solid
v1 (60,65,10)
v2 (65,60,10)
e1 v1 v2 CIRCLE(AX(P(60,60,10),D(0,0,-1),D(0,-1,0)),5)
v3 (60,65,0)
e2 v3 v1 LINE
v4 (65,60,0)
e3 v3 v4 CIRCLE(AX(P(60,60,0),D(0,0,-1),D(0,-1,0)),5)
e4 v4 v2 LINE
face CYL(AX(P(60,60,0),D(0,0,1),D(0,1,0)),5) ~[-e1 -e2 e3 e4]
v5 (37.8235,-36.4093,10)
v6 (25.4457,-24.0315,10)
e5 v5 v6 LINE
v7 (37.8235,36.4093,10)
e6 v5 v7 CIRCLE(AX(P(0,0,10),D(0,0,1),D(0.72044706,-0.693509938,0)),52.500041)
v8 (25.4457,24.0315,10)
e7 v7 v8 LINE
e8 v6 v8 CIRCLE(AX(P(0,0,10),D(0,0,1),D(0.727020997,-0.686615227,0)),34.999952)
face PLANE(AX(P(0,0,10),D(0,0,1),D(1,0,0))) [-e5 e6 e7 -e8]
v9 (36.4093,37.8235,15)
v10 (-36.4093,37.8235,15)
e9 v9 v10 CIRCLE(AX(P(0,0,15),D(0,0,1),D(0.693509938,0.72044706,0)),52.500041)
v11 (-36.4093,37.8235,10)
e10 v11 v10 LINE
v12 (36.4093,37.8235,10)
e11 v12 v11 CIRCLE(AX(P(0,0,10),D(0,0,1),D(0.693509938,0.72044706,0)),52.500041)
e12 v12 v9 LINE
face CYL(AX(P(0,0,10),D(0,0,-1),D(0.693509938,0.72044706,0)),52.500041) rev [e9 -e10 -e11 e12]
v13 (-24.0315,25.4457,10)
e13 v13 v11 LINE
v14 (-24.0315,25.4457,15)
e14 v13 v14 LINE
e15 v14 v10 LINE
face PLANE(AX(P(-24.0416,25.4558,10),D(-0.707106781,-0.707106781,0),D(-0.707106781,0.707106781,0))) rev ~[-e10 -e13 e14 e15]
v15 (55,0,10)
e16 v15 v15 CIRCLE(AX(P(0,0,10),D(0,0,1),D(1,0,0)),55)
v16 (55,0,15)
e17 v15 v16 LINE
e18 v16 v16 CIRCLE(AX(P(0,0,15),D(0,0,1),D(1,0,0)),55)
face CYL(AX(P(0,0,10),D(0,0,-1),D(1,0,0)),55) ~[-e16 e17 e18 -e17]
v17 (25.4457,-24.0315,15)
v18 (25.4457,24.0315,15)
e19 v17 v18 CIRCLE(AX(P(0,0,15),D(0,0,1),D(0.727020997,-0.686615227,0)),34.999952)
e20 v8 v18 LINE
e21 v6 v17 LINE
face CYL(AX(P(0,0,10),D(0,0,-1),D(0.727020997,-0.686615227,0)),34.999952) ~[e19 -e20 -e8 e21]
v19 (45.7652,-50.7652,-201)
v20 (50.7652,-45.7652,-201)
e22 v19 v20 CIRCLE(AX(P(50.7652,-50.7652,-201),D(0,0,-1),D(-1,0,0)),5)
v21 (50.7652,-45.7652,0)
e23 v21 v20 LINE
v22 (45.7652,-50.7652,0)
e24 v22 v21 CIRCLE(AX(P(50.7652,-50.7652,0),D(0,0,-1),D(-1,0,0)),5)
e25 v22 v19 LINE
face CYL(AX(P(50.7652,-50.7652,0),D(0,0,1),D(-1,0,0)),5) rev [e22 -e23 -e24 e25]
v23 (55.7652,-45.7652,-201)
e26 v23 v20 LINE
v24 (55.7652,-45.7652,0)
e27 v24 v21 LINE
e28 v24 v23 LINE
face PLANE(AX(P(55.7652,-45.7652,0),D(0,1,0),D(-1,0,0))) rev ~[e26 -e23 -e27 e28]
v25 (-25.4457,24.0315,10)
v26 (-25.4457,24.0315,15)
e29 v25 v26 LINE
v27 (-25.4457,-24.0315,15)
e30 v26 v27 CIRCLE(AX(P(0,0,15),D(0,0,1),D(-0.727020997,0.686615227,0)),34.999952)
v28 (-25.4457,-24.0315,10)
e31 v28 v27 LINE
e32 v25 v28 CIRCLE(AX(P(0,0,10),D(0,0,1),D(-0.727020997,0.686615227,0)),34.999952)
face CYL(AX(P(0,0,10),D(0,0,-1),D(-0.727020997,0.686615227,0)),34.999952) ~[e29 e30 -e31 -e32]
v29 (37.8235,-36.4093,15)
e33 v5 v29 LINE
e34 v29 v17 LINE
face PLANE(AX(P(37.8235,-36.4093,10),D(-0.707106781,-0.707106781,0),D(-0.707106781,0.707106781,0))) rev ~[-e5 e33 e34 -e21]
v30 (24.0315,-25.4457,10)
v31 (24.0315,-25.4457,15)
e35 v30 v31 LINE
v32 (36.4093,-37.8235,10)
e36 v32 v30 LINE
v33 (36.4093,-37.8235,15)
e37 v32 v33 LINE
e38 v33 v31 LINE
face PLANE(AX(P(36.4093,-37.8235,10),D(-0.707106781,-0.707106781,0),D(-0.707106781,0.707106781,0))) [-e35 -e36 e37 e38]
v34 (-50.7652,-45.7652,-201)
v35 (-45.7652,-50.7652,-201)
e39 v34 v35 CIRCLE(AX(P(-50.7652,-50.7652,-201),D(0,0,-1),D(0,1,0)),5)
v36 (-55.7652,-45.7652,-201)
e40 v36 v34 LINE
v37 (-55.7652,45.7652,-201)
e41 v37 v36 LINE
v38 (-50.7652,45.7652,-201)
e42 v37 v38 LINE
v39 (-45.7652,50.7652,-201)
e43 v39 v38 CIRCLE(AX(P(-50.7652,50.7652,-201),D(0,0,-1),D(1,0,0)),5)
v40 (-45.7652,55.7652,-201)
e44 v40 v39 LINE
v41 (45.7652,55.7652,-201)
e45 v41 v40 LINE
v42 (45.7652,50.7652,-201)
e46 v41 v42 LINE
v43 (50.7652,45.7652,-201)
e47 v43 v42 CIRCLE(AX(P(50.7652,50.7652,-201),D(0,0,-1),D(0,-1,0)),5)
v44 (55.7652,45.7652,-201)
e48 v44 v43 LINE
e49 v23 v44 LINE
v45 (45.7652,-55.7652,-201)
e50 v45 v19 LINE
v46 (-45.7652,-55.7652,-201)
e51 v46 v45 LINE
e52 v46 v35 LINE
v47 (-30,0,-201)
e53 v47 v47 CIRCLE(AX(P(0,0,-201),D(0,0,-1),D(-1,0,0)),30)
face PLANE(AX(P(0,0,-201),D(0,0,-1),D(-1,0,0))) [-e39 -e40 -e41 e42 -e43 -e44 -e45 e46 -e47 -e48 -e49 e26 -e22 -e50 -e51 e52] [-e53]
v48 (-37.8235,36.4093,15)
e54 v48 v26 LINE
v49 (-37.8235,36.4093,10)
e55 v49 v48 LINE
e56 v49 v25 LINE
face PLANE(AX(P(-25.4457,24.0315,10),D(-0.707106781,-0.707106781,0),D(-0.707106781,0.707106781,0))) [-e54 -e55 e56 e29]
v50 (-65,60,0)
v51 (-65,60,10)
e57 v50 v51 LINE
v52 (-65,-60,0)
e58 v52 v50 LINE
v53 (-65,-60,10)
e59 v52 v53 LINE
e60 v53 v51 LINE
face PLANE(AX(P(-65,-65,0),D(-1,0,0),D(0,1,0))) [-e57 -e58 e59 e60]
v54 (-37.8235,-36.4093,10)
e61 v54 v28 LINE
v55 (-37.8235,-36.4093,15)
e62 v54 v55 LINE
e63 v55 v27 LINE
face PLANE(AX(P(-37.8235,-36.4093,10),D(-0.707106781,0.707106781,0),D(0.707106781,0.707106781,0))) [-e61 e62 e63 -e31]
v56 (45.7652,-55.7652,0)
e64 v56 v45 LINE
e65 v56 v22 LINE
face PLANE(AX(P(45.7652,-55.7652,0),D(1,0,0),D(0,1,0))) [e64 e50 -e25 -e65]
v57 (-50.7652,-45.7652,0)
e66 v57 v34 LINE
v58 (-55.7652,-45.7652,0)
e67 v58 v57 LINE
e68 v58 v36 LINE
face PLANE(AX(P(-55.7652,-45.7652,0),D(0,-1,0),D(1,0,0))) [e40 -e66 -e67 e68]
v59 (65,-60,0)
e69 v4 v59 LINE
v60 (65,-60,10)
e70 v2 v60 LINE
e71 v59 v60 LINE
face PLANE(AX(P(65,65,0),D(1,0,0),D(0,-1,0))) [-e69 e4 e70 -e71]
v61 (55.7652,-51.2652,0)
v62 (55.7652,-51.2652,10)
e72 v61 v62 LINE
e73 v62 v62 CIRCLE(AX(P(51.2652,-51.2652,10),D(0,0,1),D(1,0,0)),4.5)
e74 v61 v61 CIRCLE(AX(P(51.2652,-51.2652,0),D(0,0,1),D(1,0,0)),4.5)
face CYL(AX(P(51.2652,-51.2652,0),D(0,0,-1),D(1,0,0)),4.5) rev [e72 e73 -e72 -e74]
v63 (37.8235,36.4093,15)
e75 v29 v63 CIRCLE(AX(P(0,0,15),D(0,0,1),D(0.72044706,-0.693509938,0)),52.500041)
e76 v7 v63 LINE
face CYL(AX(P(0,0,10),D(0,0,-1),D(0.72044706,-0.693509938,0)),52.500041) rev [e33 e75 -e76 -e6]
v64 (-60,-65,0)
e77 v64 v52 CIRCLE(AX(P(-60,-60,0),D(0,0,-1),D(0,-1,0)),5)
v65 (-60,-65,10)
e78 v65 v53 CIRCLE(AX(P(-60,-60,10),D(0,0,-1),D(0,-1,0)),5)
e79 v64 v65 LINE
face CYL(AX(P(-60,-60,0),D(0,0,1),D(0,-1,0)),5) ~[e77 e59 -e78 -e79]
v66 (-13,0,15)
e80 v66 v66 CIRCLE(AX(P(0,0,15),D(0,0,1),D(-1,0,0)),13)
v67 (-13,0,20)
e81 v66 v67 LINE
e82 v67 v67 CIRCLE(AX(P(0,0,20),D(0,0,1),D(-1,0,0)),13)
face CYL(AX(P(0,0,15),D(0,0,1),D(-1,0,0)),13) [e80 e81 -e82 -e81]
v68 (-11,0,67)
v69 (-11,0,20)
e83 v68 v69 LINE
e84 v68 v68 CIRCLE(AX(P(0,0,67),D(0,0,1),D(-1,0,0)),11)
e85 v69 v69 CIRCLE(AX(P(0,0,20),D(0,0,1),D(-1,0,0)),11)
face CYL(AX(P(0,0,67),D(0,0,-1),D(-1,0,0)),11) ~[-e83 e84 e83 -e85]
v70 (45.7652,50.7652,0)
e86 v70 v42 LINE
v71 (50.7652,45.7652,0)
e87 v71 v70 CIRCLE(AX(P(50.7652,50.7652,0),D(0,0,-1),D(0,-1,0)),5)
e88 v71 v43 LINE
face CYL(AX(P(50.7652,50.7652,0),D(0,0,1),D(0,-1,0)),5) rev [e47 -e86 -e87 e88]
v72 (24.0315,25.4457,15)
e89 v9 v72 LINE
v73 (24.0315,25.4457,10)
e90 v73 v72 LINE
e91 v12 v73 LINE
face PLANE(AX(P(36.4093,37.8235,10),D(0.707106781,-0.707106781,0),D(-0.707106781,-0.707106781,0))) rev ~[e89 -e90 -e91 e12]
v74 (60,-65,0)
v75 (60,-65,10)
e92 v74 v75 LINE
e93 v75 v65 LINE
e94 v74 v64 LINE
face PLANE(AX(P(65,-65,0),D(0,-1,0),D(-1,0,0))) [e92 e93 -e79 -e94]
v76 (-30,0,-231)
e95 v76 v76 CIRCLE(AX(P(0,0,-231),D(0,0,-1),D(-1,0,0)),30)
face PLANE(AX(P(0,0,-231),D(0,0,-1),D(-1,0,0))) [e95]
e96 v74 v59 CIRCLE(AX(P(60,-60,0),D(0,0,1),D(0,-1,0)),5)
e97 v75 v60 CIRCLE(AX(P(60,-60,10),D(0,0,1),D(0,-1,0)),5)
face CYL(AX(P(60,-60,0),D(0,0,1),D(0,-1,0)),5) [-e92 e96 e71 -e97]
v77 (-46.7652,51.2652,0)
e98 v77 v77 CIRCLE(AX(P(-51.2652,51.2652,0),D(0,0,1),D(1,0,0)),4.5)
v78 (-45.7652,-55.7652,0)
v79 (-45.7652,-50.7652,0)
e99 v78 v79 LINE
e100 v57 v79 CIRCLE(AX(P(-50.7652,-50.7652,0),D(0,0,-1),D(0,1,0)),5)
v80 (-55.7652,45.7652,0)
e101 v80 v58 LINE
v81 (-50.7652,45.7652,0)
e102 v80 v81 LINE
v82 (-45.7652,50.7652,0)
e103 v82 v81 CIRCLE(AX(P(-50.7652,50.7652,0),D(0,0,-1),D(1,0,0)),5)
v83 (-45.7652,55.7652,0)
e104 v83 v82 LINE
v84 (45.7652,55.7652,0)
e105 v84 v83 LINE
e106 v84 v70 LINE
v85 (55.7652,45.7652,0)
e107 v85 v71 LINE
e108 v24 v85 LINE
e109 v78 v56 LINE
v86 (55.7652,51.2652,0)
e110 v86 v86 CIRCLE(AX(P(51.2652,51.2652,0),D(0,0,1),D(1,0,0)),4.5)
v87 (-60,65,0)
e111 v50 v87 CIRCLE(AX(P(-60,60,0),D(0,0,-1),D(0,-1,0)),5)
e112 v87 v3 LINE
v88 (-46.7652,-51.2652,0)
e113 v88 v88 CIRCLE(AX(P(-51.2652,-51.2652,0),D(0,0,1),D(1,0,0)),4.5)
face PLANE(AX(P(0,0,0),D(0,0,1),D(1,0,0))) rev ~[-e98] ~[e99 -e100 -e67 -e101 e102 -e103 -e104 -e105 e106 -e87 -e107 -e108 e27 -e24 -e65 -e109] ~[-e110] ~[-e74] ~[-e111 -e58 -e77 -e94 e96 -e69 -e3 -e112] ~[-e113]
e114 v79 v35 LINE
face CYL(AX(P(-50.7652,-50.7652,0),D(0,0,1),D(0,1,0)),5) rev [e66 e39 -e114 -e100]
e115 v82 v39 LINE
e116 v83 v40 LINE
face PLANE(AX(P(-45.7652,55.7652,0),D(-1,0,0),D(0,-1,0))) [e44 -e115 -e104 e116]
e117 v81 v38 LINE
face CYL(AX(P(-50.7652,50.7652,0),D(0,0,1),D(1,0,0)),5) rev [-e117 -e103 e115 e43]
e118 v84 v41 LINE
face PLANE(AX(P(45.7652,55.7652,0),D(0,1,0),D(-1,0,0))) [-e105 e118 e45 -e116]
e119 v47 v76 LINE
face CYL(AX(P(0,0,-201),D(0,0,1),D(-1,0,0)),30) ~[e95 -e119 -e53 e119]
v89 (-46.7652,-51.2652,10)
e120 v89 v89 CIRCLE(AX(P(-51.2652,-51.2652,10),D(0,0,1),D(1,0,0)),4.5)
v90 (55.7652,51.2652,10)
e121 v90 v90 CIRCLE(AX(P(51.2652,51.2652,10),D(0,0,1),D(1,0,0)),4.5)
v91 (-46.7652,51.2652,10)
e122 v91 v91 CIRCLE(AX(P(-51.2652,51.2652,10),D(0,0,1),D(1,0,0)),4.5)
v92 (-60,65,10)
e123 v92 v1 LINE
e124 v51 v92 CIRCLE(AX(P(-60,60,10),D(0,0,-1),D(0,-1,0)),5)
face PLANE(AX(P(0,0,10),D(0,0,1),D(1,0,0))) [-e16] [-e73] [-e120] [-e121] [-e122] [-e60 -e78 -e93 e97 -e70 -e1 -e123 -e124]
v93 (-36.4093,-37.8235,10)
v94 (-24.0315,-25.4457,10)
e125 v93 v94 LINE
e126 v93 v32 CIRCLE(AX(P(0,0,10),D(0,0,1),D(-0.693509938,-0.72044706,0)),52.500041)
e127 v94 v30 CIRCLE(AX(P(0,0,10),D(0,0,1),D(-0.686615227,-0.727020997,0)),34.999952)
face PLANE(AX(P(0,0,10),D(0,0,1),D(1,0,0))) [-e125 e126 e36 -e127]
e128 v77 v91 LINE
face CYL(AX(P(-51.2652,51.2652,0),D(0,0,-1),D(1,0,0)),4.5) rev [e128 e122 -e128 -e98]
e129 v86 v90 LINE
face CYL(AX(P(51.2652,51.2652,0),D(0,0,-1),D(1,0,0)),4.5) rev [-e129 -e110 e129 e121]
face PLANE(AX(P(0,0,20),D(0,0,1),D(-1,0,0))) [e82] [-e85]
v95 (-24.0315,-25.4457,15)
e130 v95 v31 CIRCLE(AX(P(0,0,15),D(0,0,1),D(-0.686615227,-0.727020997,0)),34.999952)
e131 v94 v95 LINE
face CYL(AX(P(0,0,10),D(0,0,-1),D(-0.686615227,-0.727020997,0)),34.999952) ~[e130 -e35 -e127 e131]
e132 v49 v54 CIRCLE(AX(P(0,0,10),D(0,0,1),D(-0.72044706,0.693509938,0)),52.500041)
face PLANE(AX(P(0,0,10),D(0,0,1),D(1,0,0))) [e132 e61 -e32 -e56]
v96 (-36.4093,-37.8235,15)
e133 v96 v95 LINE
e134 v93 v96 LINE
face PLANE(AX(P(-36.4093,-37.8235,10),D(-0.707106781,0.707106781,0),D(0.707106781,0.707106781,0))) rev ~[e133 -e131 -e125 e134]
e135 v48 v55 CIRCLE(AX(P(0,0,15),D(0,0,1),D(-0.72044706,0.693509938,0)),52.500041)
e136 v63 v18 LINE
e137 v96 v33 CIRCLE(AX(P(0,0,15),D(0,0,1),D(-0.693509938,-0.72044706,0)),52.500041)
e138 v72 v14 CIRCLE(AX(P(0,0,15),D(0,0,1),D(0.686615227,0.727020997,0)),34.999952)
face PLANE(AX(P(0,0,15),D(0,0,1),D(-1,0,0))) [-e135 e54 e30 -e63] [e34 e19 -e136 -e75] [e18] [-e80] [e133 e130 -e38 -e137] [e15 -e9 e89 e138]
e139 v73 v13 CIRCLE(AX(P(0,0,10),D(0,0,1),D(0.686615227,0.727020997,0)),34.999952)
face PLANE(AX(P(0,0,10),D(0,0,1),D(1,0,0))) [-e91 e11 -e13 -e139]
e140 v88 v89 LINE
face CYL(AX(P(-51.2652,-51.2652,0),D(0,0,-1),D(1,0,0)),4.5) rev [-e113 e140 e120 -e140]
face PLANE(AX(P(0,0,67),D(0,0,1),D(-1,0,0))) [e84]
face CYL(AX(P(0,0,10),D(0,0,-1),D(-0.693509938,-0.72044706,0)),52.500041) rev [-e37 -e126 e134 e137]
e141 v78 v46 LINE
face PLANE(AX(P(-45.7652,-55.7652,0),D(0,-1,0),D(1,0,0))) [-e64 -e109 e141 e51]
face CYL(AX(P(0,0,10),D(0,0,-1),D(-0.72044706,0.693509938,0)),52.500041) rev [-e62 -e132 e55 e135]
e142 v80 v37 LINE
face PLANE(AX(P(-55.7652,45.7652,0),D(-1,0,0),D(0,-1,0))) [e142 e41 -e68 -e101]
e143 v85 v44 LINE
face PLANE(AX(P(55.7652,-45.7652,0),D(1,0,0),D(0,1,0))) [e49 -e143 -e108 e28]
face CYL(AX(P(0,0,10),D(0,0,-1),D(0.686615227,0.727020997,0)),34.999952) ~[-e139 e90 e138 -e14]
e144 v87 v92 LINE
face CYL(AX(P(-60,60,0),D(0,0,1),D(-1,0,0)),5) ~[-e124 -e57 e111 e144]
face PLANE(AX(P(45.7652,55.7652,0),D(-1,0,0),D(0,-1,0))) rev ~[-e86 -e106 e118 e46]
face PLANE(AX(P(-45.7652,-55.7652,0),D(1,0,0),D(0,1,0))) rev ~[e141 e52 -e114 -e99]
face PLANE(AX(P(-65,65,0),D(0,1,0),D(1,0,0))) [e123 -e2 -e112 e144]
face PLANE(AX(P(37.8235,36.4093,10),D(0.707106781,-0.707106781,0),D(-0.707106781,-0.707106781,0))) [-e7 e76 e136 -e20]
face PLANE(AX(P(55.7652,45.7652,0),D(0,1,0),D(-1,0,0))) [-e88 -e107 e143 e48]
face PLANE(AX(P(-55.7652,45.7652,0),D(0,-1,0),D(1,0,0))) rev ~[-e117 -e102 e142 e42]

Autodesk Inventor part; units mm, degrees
ref_plane "YZ Plane" through (0, 0, 0) normal (1, 0, 0) x (0, 1, 0)
ref_plane "XZ Plane" through (0, 0, 0) normal (0, 1, 0) x (-1, 0, 0)
ref_plane "XY Plane" through (0, 0, 0) normal (0, 0, 1) x (1, 0, 0)
sketch "Sketch1" plane through (0, 0, 0) normal (0, 0, 1) x (1, 0, 0)
  line L0 (65, -65) -> (-65, -65)
  line L1 (-65, -65) -> (-65, 65)
  line L2 (-65, 65) -> (65, 65)
  line L3 (65, 65) -> (65, -65)
  line L4 (65, -65) -> (-65, 65) construction
  line L5 (-65, -65) -> (65, 65) construction
  circle A0 centre (0, 0) radius 72.5 construction
  circle A1 centre (-51.2652, 51.2652) radius 4.5
  circle A2 centre (51.2652, 51.2652) radius 4.5
  line L6 (-65, 0) -> (65, 0) construction
  circle A3 centre (-51.2652, -51.2652) radius 4.5
  circle A4 centre (51.2652, -51.2652) radius 4.5
  dimension "d0" = 130
  dimension "d1" = 130
  dimension "d2" = 145
  dimension "d3" = 9
  dimension "d4" = 9
extrude "Extrusion1" add sketch "Sketch1" along normal blind 10
fillet "Fillet1" radius 5 4 edges at (-65, -65, 5) (65, -65, 5) (65, 65, 5) (-65, 65, 5)
sketch "Sketch2" plane through (0, 0, 10) normal (0, 0, 1) x (1, 0, 0)
  circle A0 centre (0, 0) radius 55
  circle A1 centre (0, 0) radius 54
  dimension "d8" = 110
extrude "Extrusion2" add sketch "Sketch2" along normal blind 5
sketch "Sketch3" plane through (0, 0, 10) normal (0, 0, 1) x (1, 0, 0)
  circle A0 centre (0, 0) radius 15
  line L0 (0, 0) -> (24.7487, -24.7487) construction
  line L1 (0, 0) -> (35, 0) construction
  line L2 (0, 0) -> (-24.7487, -24.7487) construction
  line L3 (0, 0) -> (35, 0) construction
  line L4 (0, 0) -> (24.7487, 24.7487) construction
  line L5 (0, 0) -> (-24.7487, 24.7487) construction
  line L6 (0.7071, 0.7071) -> (-24.0416, 25.4558) construction
  line L7 (37.8235, -36.4093) -> (25.4457, -24.0315)
  line L8 (36.4093, -37.8235) -> (24.0315, -25.4457)
  line L9 (-36.4093, -37.8235) -> (-24.0315, -25.4457)
  line L10 (-37.8235, -36.4093) -> (-25.4457, -24.0315)
  line L11 (-25.4457, 24.0315) -> (-37.8235, 36.4093)
  line L12 (-24.0315, 25.4457) -> (-36.4093, 37.8235)
  line L13 (-25.4457, 24.0315) -> (-25.4558, 24.0416)
  line L14 (-24.0315, 25.4457) -> (-24.0416, 25.4558)
  line L15 (-25.4457, 24.0315) -> (-25.4558, 24.0416)
  line L16 (36.4093, 37.8235) -> (24.0315, 25.4457)
  line L17 (37.8235, 36.4093) -> (25.4457, 24.0315)
  arc A1 (-24.0315, -25.4457) -> (24.0315, -25.4457) centre (0, 0) ccw
  arc A2 (-25.4457, 24.0315) -> (-25.4457, -24.0315) centre (0, 0) ccw
  arc A3 (25.4457, -24.0315) -> (25.4457, 24.0315) centre (0, 0) ccw
  arc A4 (24.0315, 25.4457) -> (-24.0315, 25.4457) centre (0, 0) ccw
  arc A5 (-36.4093, -37.8235) -> (36.4093, -37.8235) centre (0, 0) ccw
  arc A6 (-37.8235, 36.4093) -> (-37.8235, -36.4093) centre (0, 0) ccw
  arc A7 (37.8235, -36.4093) -> (37.8235, 36.4093) centre (0, 0) ccw
  arc A8 (36.4093, 37.8235) -> (-36.4093, 37.8235) centre (0, 0) ccw
  circle A9 centre (0, 0) radius 54 projected
  dimension "d12" = 30
  dimension "d14" = 45
  dimension "d15" = 135
extrude "Extrusion3" add sketch "Sketch3" along normal blind 5
sketch "Sketch4" plane through (0, 0, 0) normal (0, 1, 0) x (-1, 0, 0)
  line L0 (15, 15) -> (15, 10) projected
  line L1 (15, 10) -> (15, 15)
  line L2 (0, 15) -> (11, 15) construction
  line L3 (15, 15) -> (13, 15)
  line L4 (13, 15) -> (13, 20)
  line L5 (11, 16) -> (11, 67) construction
  line L6 (60, 10) -> (65, 10) construction
  line L7 (13, 20) -> (11, 20)
  line L8 (11, 67) -> (11, 20)
  line L9 (11, 67) -> (0, 67)
  line L10 (0, 67) -> (0, 10)
  line L11 (15, 10) -> (0, 10)
  line L12 (0, -13.4) -> (0, 80.4) projected
  point P0 (0, 0)
  dimension "d18" = 11
  dimension "d19" = 2
  dimension "d20" = 5
  dimension "d21" = 57
revolve "Revolution1" add sketch "Sketch4" angle 360 about axis through (0, 0, -10) along (0, 0, 1)
sketch "Sketch5" plane through (0, 0, 0) normal (0, 0, -1) x (-1, 0, 0)
  line L0 (-45.7652, 55.7652) -> (45.7652, 55.7652)
  line L1 (55.7652, 45.7652) -> (55.7652, -45.7652)
  line L2 (45.7652, -55.7652) -> (-45.7652, -55.7652)
  line L3 (-55.7652, -45.7652) -> (-55.7652, 45.7652)
  line L4 (-55.7652, 55.7652) -> (55.7652, -55.7652) construction
  line L5 (55.7652, 55.7652) -> (-55.7652, -55.7652) construction
  line L6 (55.7652, -55.7652) -> (55.7652, -45.7652) construction
  line L7 (55.7652, -45.7652) -> (50.7652, -45.7652)
  line L8 (45.7652, -55.7652) -> (45.7652, -50.7652)
  arc A0 (50.7652, -45.7652) -> (45.7652, -50.7652) centre (50.7652, -50.7652) ccw
  line L9 (0, 0) -> (0, -55.7652) construction
  line L10 (0, 0) -> (-55.7652, 0) construction
  line L11 (-55.7652, -45.7652) -> (-50.7652, -45.7652)
  line L12 (-45.7652, -55.7652) -> (-45.7652, -50.7652)
  arc A1 (-45.7652, -50.7652) -> (-50.7652, -45.7652) centre (-50.7652, -50.7652) ccw
  line L13 (55.7652, 45.7652) -> (50.7652, 45.7652)
  line L14 (45.7652, 55.7652) -> (45.7652, 50.7652)
  arc A2 (45.7652, 50.7652) -> (50.7652, 45.7652) centre (50.7652, 50.7652) ccw
  line L15 (-45.7652, 55.7652) -> (-45.7652, 50.7652)
  arc A3 (-50.7652, 45.7652) -> (-45.7652, 50.7652) centre (-50.7652, 50.7652) ccw
  line L16 (-55.7652, 45.7652) -> (-50.7652, 45.7652)
  point P0 (45.7652, -45.7652)
  dimension "d23" = 10
  dimension "d24" = 5
extrude "Extrusion4" add sketch "Sketch5" along normal blind 201
sketch "Sketch6" plane through (0, 0, -201) normal (0, 0, -1) x (-1, 0, 0)
  circle A0 centre (0, 0) radius 30
  dimension "d27" = 60
extrude "Extrusion5" add sketch "Sketch6" along normal blind 30
properties part number "SERVOMOTOR-2.3KWv1" material "Iron, Cast"
